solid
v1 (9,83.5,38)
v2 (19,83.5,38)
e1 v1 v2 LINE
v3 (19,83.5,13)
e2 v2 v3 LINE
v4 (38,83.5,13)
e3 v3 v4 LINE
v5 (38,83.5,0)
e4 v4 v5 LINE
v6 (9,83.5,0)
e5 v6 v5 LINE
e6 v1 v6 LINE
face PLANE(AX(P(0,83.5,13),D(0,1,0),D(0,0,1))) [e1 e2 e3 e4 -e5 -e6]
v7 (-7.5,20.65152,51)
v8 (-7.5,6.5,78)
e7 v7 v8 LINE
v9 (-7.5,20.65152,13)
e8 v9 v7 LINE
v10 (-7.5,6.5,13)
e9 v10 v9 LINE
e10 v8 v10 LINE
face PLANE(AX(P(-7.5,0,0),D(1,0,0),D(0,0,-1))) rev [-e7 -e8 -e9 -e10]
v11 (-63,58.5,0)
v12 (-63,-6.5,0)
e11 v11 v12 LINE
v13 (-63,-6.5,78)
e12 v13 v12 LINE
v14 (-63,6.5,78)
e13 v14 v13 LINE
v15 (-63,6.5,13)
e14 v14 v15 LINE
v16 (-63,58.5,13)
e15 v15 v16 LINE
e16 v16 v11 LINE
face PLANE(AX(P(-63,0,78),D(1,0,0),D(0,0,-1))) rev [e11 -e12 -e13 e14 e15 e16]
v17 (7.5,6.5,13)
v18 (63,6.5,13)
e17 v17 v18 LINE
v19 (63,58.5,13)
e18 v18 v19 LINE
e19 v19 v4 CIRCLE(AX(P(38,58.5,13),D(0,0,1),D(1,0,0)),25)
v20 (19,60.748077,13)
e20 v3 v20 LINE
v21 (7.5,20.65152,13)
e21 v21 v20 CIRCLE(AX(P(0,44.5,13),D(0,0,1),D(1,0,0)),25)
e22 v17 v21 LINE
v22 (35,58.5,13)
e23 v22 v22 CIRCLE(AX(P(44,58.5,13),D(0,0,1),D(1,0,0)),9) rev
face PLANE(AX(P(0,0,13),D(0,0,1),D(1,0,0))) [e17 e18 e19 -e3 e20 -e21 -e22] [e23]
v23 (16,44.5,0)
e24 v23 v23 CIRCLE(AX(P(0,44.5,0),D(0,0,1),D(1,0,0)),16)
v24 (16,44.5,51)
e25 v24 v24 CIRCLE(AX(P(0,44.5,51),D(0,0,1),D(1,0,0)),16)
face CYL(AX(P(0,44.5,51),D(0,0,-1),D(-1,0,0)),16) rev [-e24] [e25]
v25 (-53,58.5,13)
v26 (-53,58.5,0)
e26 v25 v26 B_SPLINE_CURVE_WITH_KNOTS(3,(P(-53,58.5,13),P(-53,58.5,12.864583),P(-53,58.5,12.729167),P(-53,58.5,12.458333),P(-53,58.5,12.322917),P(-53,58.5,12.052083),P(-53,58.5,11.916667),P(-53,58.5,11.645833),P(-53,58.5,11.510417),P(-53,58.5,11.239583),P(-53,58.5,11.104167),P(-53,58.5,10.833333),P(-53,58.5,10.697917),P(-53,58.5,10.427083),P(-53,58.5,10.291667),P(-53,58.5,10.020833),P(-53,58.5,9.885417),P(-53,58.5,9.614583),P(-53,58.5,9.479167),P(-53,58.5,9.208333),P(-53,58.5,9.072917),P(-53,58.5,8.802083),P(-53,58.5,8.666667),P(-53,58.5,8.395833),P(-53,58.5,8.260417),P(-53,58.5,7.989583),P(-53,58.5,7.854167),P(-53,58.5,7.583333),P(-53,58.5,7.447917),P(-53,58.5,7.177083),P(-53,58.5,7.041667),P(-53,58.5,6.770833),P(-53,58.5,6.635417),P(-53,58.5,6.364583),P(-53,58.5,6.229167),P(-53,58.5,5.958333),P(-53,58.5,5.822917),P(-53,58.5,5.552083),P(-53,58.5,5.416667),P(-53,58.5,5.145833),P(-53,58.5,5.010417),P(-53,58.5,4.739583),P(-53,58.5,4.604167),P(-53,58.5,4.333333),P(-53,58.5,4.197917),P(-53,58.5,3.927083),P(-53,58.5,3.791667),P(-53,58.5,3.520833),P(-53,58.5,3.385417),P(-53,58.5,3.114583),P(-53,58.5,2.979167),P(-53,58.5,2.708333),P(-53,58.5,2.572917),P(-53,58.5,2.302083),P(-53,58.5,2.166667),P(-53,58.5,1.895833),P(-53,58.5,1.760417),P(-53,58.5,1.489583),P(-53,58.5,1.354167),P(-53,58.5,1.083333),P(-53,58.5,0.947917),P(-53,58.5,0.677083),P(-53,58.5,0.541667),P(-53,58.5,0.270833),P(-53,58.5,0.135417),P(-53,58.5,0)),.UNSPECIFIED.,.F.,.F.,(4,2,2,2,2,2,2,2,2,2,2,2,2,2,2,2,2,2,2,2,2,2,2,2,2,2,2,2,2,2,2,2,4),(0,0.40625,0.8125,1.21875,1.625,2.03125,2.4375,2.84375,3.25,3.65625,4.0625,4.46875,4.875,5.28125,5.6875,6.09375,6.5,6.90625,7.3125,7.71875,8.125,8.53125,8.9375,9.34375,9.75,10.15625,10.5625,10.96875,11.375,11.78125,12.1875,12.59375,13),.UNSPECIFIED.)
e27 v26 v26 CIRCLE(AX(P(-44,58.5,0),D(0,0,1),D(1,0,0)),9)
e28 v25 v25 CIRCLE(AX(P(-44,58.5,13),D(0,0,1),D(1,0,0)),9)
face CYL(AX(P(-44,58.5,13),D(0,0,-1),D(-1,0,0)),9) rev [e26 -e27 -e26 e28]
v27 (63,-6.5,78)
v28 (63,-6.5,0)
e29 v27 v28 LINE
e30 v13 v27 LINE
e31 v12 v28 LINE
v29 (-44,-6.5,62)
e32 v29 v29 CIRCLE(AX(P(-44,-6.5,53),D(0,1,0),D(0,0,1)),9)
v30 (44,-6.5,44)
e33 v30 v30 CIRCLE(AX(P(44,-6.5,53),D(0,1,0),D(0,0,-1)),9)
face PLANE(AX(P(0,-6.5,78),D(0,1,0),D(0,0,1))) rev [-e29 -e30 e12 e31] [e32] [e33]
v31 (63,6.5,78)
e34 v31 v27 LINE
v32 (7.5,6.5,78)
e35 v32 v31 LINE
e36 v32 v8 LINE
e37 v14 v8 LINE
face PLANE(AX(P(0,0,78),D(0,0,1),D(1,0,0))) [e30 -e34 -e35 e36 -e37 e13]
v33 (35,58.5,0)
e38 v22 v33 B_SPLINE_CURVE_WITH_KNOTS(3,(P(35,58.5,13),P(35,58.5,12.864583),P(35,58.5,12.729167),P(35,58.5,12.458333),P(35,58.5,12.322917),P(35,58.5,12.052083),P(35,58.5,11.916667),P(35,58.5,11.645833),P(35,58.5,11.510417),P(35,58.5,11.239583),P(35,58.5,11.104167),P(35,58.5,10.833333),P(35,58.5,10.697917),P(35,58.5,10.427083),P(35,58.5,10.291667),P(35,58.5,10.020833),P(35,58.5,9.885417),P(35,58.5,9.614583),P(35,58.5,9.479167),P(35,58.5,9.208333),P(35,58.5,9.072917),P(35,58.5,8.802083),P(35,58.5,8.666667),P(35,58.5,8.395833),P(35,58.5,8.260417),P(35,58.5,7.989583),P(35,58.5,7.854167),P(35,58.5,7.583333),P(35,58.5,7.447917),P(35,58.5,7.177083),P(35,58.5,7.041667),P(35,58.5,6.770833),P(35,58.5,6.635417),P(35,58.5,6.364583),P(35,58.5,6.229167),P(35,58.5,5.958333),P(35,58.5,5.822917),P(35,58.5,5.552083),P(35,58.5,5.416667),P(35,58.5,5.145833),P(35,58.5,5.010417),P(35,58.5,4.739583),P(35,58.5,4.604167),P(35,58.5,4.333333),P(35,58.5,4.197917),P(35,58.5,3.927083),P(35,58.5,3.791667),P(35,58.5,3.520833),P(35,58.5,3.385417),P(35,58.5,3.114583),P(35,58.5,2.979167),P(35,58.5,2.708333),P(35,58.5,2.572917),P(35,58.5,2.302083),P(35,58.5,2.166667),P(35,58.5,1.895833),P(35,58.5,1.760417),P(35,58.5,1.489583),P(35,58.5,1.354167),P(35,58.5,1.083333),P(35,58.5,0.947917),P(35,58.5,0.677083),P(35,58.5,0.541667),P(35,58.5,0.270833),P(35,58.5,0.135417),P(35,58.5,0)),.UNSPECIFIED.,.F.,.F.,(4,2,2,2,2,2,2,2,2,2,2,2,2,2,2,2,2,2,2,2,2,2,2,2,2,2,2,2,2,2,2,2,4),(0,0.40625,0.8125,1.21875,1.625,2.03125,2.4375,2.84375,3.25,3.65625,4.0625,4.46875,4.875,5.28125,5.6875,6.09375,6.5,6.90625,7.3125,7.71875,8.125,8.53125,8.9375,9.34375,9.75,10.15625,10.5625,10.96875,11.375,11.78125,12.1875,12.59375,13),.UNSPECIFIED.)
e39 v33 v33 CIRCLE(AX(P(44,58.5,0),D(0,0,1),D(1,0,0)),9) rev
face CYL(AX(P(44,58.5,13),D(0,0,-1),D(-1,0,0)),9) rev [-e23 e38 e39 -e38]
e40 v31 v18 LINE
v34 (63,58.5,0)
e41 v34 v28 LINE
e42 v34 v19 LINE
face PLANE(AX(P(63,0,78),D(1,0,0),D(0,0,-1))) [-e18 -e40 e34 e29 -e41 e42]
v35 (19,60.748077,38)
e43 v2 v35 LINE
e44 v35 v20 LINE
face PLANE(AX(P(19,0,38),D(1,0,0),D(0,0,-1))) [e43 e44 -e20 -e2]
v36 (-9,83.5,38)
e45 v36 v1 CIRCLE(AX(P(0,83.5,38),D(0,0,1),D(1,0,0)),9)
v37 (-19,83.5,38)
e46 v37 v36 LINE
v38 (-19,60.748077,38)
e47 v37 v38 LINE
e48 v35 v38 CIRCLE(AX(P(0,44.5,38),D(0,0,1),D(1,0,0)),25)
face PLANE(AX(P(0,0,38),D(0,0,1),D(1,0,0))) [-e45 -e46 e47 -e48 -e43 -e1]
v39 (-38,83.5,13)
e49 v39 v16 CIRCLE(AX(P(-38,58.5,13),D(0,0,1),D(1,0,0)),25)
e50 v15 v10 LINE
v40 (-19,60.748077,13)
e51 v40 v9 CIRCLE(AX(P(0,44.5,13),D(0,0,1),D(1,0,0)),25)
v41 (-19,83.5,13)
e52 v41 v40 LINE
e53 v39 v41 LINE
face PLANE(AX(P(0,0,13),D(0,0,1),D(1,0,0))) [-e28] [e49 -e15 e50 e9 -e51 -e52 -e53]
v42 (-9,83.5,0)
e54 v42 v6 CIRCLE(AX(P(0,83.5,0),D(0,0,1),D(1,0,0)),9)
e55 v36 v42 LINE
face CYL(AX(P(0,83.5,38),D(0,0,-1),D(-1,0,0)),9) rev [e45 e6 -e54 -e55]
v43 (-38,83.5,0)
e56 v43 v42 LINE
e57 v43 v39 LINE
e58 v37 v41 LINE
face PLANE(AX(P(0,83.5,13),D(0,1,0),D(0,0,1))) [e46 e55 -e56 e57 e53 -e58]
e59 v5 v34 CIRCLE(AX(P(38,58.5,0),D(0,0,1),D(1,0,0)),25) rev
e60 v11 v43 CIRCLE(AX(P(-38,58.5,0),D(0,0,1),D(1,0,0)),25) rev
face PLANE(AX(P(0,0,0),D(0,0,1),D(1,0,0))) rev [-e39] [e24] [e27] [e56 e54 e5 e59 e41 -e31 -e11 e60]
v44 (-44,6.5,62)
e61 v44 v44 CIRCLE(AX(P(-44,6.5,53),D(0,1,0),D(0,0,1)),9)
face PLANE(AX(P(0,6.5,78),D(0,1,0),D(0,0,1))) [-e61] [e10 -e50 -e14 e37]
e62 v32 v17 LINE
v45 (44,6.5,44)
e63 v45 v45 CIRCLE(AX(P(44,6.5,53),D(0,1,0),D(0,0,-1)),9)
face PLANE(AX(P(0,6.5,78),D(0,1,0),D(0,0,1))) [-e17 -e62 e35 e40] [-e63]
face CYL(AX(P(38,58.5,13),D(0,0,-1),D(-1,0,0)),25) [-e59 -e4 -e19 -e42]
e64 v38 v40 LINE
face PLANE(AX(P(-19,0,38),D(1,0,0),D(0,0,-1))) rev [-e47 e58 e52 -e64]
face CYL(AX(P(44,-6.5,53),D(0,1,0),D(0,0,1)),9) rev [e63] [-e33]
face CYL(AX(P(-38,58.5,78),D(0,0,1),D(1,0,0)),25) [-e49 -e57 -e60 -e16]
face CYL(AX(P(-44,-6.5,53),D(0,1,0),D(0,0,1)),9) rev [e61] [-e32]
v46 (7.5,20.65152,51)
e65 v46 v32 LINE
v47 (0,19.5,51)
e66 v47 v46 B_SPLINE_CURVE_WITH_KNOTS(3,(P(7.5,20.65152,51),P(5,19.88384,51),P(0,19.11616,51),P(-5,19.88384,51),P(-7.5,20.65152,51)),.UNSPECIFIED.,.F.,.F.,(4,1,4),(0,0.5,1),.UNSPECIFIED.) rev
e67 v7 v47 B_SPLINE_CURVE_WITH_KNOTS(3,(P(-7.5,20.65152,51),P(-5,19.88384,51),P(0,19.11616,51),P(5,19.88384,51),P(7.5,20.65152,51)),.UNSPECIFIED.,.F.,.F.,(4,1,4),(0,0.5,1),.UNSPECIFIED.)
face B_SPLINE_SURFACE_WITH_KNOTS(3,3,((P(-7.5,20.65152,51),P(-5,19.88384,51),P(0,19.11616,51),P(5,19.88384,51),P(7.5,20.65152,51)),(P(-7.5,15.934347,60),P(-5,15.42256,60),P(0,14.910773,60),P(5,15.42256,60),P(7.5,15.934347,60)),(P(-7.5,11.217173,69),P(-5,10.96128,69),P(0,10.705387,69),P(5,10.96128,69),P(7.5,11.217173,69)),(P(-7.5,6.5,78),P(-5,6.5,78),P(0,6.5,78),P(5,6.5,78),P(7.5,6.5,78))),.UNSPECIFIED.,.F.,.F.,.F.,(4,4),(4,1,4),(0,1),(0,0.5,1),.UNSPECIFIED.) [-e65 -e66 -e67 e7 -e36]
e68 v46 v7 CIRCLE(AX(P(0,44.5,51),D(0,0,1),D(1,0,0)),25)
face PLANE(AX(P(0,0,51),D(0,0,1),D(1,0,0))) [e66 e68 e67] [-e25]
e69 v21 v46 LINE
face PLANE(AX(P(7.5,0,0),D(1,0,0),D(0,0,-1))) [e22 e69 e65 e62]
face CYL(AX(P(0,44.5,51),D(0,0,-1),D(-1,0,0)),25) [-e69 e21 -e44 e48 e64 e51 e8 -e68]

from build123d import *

# Parameters (mm, degrees)
SKETCH1_W           = 126
SKETCH1_H           = 13
BOSS_EXTRUDE1_DEPTH = 78
SKETCH1_3_R         = 9
BOSS_EXTRUDE2_DEPTH = 13
SKETCH1_4_R         = 25
SKETCH1_4_R_2       = 16
BOSS_EXTRUDE3_DEPTH = 51
BOSS_EXTRUDE4_DEPTH = 38
SKETCH2_R           = 9
CUT_EXTRUDE1_DEPTH  = 127.419935137
FILLET1_R           = 25


with BuildPart() as part:
    # Sketch1 → Boss-Extrude1 (new body)
    with BuildSketch(Plane.XY):
        Rectangle(SKETCH1_W, SKETCH1_H)
    extrude(amount=BOSS_EXTRUDE1_DEPTH)

    # Sketch1<3> → Boss-Extrude2 (add)
    with BuildSketch(Plane.XY):
        with BuildLine():
            Line((-63, 83.5), (-63, 6.5))
            Line((-63, 6.5), (63, 6.5))
            Line((63, 6.5), (63, 83.5))
            Line((63, 83.5), (19, 83.5))
            Line((19, 83.5), (19, 60.748076809))
            ThreePointArc((19, 60.748076809), (23.452078799, 53.160254038), (25, 44.5))
            ThreePointArc((25, 44.5), (-8.660254038, 21.047921201), (-19, 60.748076809))
            Line((-19, 60.748076809), (-19, 83.5))
            Line((-19, 83.5), (-63, 83.5))
        make_face()
        with Locations(Location((-44, 58.5, 0), (0, 0, 180))):
            Circle(SKETCH1_3_R, mode=Mode.SUBTRACT)
        with Locations(Location((44, 58.5, 0), (0, 0, 180))):
            Circle(SKETCH1_3_R, mode=Mode.SUBTRACT)
    extrude(amount=BOSS_EXTRUDE2_DEPTH)

    # Sketch1<4> → Boss-Extrude3 (add)
    with BuildSketch(Plane.XY):
        with Locations(Location((0, 44.5, 0), (0, 0, 139.464197889))):
            Circle(SKETCH1_4_R)
        with Locations((0, 44.5)):
            Circle(SKETCH1_4_R_2, mode=Mode.SUBTRACT)
    extrude(amount=BOSS_EXTRUDE3_DEPTH)

    # Sketch1<5> → Boss-Extrude4 (add)
    with BuildSketch(Plane.XY):
        with BuildLine():
            Line((-9, 83.5), (-19, 83.5))
            Line((-19, 83.5), (-19, 60.748076809))
            ThreePointArc((-19, 60.748076809), (0, 69.5), (19, 60.748076809))
            Line((19, 60.748076809), (19, 83.5))
            Line((19, 83.5), (9, 83.5))
            ThreePointArc((9, 83.5), (0, 74.5), (-9, 83.5))
        make_face()
    extrude(amount=BOSS_EXTRUDE4_DEPTH)

    # Sketch2 → Cut-Extrude1 (cut, through all)
    with BuildSketch(Plane(origin=(0, 6.5, 0), x_dir=(1, 0, 0), z_dir=(0, 1, 0))):
        with Locations(Location((-44, -53, 0), (0, 0, 270))):
            Circle(SKETCH2_R)
        with Locations(Location((44, -53, 0), (0, 0, 90))):
            Circle(SKETCH2_R)
    extrude(amount=-CUT_EXTRUDE1_DEPTH, mode=Mode.SUBTRACT)

    # Fillet1
    fillet1_edges = [part.edges().sort_by_distance(p)[0] for p in [
        (-63, 83.5, 6.5),
        (63, 83.5, 6.5),
    ]]
    fillet(fillet1_edges, radius=FILLET1_R)

    # Sketch4 → Loft4 section 0
    with BuildSketch(Plane(origin=(-7.5, 0, 0), x_dir=(0, 0, -1), z_dir=(1, 0, 0))):
        with BuildLine():
            Line((-78, 6.5), (-51, 20.651519965))
            Line((-51, 20.651519965), (-13, 20.651519965))
            Line((-13, 20.651519965), (-13, 6.5))
            Line((-13, 6.5), (-78, 6.5))
        make_face()
    # Sketch6 → Loft4 section 1
    with BuildSketch(Plane(origin=(0, 0, 0), x_dir=(0, 0, -1), z_dir=(1, 0, 0))):
        with BuildLine():
            Line((-78, 6.5), (-51, 19.5))
            Line((-51, 19.5), (-13, 19.5))
            Line((-13, 19.5), (-13, 6.5))
            Line((-13, 6.5), (-78, 6.5))
        make_face()
    # Sketch5 → Loft4 section 2
    with BuildSketch(Plane(origin=(7.5, 0, 0), x_dir=(0, 0, -1), z_dir=(1, 0, 0))):
        with BuildLine():
            Line((-78, 6.5), (-51, 20.651519965))
            Line((-51, 20.651519965), (-13, 20.651519965))
            Line((-13, 20.651519965), (-13, 6.5))
            Line((-13, 6.5), (-78, 6.5))
        make_face()
    loft()


solid = part.part
